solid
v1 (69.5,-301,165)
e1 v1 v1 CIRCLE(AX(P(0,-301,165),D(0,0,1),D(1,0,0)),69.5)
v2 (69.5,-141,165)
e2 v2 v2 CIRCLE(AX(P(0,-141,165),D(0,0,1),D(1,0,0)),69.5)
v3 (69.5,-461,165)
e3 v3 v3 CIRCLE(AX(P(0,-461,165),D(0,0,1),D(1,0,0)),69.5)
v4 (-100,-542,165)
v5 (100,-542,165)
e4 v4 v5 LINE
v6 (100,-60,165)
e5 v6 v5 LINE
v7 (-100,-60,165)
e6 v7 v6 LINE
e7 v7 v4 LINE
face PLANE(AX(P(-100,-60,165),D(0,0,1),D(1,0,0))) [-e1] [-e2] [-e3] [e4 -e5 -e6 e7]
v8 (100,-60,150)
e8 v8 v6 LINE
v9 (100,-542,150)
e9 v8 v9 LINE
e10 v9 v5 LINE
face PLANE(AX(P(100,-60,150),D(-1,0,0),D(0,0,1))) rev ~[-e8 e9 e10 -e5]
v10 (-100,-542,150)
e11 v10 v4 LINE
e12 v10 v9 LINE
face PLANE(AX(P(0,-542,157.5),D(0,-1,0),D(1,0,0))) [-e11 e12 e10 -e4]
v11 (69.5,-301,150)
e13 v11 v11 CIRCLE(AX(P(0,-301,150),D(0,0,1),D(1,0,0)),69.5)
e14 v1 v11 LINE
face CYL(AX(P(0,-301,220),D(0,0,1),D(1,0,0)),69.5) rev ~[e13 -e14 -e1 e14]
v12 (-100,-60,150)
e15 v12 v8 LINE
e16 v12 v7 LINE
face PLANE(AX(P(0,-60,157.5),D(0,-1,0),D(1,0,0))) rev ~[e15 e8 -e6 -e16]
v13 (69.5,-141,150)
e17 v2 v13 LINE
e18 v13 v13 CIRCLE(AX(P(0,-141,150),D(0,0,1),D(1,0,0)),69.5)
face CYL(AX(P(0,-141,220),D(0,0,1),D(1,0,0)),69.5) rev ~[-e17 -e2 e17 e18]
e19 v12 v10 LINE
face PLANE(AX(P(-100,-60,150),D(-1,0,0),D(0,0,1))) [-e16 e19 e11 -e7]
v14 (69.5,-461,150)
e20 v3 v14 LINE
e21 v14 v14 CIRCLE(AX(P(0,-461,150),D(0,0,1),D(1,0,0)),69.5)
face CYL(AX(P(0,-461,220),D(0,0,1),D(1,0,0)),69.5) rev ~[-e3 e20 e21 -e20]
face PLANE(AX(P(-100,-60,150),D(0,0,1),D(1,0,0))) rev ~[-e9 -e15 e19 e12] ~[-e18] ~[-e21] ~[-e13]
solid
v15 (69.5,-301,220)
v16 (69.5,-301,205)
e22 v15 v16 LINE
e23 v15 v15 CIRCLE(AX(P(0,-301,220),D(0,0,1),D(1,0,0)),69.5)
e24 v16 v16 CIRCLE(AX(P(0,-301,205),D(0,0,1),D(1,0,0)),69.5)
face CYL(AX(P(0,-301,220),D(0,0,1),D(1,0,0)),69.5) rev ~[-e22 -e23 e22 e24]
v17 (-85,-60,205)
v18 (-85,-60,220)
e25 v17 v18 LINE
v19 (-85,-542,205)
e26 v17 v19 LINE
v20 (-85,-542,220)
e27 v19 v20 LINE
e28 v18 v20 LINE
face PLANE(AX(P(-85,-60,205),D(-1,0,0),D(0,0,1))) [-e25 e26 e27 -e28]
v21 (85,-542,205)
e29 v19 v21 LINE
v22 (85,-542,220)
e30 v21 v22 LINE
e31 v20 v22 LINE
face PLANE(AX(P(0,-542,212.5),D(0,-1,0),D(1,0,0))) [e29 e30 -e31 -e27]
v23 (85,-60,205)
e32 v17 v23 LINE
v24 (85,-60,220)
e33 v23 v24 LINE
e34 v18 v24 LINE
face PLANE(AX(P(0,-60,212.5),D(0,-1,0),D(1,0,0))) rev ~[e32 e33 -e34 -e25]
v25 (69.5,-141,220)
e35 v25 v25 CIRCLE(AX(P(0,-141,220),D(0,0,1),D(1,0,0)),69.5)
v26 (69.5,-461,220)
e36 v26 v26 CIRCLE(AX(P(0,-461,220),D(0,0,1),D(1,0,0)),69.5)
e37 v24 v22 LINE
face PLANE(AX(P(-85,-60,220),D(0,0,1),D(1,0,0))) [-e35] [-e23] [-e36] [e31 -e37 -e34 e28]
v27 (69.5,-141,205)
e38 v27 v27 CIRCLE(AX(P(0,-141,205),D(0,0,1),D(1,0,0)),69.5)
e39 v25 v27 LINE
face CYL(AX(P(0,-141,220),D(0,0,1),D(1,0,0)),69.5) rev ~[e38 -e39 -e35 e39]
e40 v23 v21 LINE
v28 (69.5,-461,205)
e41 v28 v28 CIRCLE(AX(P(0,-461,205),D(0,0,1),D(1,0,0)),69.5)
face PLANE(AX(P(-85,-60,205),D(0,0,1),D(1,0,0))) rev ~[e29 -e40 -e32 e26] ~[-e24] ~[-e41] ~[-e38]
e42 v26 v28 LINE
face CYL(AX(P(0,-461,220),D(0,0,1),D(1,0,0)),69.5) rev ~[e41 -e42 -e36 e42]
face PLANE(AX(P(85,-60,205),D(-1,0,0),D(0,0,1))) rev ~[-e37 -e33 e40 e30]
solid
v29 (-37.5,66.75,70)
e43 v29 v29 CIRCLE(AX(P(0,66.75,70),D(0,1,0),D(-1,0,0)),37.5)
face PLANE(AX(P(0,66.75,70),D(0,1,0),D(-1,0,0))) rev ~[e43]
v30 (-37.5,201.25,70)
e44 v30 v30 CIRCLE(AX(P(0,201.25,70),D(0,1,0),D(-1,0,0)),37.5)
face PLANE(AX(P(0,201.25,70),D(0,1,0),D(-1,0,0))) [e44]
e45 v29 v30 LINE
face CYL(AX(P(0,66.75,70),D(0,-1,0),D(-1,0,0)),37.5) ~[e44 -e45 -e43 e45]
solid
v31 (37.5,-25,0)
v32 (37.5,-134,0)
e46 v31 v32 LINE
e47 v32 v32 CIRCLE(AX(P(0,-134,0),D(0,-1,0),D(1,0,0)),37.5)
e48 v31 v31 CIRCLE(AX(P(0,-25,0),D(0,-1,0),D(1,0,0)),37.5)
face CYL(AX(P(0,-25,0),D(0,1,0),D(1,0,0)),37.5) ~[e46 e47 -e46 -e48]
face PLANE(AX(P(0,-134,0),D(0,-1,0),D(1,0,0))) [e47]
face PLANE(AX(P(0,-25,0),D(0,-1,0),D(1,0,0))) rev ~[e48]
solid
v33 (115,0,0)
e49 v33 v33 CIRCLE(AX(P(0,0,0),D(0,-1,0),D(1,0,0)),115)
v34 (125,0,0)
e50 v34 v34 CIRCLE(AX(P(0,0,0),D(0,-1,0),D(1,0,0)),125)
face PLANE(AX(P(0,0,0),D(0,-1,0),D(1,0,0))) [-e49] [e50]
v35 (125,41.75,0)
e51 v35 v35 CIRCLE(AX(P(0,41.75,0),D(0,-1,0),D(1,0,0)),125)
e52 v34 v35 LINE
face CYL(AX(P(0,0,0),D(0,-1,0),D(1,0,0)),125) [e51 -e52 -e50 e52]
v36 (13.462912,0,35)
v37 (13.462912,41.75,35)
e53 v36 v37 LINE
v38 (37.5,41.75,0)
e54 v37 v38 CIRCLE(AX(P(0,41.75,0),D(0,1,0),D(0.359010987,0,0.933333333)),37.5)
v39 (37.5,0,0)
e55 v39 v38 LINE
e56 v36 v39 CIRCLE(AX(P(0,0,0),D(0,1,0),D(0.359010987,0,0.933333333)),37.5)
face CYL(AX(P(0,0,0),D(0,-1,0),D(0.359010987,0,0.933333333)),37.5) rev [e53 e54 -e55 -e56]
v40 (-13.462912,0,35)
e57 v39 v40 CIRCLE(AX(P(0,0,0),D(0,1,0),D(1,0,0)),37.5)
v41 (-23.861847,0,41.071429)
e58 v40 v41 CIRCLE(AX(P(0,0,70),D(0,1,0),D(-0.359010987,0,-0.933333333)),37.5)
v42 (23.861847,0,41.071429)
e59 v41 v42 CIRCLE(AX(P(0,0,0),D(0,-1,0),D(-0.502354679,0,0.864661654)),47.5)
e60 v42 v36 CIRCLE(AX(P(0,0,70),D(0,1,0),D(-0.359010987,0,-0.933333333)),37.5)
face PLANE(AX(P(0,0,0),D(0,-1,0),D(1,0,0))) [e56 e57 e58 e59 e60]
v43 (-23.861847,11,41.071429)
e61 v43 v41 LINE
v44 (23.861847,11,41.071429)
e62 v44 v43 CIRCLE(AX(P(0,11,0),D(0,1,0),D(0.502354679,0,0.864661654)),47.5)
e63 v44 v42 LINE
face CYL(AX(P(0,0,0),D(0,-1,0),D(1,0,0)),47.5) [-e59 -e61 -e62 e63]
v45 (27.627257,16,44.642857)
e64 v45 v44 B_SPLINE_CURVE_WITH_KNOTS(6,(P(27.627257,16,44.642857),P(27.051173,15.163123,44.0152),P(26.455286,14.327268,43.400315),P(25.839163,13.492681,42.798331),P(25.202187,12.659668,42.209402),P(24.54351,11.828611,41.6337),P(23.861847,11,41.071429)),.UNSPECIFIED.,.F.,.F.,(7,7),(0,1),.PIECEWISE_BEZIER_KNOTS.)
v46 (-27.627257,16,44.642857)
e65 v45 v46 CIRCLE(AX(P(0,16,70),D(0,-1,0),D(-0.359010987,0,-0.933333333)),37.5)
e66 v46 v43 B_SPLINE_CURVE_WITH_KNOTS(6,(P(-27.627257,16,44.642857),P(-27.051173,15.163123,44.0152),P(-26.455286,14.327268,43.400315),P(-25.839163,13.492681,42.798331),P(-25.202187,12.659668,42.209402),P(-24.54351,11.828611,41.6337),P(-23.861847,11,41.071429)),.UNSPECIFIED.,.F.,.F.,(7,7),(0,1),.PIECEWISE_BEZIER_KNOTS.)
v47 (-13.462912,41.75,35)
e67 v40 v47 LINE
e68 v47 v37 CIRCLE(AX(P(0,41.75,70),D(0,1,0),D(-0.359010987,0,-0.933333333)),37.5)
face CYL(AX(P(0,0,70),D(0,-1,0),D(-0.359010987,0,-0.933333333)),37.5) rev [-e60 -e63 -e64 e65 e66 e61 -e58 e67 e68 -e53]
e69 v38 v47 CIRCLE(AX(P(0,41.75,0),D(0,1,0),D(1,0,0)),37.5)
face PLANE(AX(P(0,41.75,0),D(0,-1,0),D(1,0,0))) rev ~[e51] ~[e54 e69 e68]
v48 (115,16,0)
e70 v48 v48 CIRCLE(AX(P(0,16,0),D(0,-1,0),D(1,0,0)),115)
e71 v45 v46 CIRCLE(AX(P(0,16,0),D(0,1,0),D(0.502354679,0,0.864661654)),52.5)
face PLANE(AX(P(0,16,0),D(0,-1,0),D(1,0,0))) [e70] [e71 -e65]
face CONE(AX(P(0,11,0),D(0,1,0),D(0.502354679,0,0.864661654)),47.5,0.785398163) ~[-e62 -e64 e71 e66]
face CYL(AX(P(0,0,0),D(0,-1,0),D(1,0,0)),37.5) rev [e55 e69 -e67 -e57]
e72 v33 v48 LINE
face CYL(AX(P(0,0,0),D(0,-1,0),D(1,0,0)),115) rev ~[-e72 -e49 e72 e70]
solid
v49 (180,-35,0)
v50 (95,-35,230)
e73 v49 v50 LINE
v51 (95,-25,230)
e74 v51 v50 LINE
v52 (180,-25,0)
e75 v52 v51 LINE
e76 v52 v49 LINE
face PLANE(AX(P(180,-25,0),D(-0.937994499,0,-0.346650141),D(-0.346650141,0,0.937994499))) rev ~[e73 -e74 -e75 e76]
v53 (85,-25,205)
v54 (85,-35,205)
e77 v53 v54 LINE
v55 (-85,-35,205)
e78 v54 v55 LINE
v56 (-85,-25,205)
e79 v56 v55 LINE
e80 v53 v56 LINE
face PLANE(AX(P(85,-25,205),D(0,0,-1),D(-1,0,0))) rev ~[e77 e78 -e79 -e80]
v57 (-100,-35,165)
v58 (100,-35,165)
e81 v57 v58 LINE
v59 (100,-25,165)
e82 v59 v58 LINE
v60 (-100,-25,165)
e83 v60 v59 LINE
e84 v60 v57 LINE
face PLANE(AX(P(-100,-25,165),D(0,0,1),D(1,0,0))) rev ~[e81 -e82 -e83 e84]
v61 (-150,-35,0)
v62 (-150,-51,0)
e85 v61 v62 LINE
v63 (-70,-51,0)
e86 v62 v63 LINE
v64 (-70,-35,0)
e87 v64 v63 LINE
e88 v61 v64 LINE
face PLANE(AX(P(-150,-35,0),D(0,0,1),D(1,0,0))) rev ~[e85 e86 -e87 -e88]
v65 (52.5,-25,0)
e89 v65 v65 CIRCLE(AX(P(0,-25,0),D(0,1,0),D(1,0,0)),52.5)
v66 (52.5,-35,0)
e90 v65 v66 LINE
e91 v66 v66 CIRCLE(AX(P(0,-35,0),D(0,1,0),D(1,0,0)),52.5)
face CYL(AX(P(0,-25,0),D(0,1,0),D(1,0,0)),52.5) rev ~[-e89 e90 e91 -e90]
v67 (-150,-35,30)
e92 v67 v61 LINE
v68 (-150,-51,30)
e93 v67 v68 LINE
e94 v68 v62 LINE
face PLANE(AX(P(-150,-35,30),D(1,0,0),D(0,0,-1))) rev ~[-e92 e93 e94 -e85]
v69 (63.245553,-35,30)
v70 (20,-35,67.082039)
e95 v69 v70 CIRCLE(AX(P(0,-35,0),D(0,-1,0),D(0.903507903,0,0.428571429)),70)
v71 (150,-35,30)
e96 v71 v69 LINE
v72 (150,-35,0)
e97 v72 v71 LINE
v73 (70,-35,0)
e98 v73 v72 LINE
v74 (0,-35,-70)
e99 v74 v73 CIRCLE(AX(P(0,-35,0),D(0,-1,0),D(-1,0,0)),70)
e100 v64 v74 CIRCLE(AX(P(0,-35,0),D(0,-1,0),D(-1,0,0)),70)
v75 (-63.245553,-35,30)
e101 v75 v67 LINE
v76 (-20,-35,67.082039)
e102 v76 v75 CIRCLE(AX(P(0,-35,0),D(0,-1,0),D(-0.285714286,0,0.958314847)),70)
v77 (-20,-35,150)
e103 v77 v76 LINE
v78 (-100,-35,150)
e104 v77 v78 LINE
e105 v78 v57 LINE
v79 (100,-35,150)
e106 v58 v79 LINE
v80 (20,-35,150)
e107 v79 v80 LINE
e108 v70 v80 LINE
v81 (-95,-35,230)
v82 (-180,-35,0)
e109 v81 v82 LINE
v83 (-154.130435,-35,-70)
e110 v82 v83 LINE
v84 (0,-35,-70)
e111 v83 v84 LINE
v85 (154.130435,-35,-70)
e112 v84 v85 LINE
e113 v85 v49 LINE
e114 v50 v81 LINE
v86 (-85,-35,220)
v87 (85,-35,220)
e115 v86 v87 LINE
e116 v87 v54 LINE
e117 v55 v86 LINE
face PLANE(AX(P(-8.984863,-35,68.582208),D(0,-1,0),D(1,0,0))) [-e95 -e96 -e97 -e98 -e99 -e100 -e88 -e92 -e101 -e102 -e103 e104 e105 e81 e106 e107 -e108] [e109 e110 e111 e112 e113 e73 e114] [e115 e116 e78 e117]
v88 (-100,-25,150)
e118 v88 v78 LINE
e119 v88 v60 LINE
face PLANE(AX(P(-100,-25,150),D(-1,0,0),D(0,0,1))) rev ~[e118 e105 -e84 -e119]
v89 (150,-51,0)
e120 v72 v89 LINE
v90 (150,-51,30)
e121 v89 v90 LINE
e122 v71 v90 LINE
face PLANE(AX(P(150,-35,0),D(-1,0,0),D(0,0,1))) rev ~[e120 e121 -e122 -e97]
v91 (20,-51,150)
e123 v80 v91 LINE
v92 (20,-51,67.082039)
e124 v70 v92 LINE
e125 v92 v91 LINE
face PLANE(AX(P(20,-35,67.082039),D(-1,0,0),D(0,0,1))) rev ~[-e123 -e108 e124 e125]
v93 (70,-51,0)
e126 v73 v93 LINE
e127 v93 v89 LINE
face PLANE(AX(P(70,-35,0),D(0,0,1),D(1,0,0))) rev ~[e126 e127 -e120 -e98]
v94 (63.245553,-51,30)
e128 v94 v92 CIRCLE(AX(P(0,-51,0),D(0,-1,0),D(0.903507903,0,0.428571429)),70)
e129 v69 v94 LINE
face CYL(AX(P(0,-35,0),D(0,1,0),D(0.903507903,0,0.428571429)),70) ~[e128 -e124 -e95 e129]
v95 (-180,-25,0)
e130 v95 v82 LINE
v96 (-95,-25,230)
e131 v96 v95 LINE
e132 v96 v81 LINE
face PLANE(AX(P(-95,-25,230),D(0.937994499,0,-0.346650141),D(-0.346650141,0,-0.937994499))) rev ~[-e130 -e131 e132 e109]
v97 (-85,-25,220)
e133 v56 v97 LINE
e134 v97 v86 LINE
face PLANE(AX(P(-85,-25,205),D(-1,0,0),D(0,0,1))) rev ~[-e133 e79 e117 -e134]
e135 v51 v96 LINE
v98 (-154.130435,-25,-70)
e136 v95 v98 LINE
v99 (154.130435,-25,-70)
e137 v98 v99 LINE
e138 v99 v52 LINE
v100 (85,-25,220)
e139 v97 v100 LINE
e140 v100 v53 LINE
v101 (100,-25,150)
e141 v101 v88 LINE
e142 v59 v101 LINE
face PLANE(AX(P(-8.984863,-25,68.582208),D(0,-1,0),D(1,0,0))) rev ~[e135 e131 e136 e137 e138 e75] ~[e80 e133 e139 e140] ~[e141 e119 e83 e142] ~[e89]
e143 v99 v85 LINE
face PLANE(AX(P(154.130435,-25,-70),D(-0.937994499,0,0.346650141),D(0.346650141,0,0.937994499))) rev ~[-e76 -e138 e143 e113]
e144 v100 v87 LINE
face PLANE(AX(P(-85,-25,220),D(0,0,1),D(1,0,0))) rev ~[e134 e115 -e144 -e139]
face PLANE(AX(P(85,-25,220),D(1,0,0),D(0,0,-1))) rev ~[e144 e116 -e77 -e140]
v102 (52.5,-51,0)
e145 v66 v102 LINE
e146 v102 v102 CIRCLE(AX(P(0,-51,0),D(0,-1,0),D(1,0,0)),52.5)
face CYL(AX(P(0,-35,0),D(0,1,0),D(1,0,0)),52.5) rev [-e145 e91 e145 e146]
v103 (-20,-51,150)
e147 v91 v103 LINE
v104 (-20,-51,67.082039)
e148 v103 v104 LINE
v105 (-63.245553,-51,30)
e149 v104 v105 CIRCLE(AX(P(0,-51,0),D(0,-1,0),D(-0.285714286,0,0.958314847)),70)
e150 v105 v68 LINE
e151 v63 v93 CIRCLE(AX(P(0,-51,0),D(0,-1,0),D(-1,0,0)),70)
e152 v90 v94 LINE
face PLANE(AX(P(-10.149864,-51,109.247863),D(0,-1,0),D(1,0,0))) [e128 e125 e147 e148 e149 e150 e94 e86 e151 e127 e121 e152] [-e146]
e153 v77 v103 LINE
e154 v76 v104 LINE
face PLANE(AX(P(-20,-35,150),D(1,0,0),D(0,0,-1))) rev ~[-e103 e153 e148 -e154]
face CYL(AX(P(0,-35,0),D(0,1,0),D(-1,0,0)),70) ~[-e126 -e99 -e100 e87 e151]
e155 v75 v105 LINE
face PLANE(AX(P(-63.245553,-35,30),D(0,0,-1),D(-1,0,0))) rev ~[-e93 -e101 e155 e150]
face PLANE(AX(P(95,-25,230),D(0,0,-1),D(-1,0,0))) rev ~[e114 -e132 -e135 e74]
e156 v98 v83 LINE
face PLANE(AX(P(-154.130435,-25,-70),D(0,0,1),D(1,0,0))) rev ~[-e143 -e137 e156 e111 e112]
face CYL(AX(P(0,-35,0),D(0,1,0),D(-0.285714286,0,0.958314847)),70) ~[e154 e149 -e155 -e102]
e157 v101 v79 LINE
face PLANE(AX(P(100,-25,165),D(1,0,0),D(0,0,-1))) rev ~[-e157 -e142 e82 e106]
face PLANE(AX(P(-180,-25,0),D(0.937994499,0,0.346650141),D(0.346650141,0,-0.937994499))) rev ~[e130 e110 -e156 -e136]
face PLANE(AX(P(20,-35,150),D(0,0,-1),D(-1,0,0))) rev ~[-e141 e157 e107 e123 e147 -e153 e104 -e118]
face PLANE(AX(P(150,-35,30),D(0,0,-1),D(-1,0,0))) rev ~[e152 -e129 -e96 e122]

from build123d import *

# Parameters (mm, degrees)
F0_R      = 125
F1_DEPTH  = 41.75
F3_R      = 37.5
F4_DEPTH  = 109
F6_R      = 37.5
F7_DEPTH  = 134.5
F9_DEPTH  = 10
F10_R     = 52.5
F11_DEPTH = 16
F13_W     = 170
F13_H     = 15
F14_DEPTH = 482
F13_W_2   = 200
F15_R     = 69.5
F16_DEPTH = 100
F17_R     = 115
F17_R_2   = 47.5
F18_DEPTH = 16
F19_SIZE  = 5


with BuildPart() as f1:
    # F0 (on Front) → F1 (new body)
    with BuildSketch(Plane.XZ):
        Circle(F0_R)
        with BuildLine():
            ThreePointArc((36.1296990006, 59.9553571429), (60.9470217896, 34.4305174951), (70, 0))
            ThreePointArc((70, 0), (-34.4305174951, -60.9470217896), (-36.1296990006, 59.9553571429))
            ThreePointArc((-36.1296990006, 59.9553571429), (-5.0688404728, 107.1558455194), (37.5, 70))
            ThreePointArc((37.5, 70), (37.1558455194, 64.9311595272), (36.1296990006, 59.9553571429))
        make_face(mode=Mode.SUBTRACT)
        with BuildLine():
            ThreePointArc((-36.1296990006, 59.9553571429), (-34.4305174951, -60.9470217896), (70, 0))
            ThreePointArc((70, 0), (60.9470217896, 34.4305174951), (36.1296990006, 59.9553571429))
            ThreePointArc((36.1296990006, 59.9553571429), (27.7587685144, 44.7868928816), (13.4629120178, 35))
            ThreePointArc((13.4629120178, 35), (30.912046201, 21.2295878355), (37.5, 0))
            ThreePointArc((37.5, 0), (-21.2295878355, -30.912046201), (-13.4629120178, 35))
            ThreePointArc((-13.4629120178, 35), (-27.7587685144, 44.7868928816), (-36.1296990006, 59.9553571429))
        make_face()
    extrude(amount=-F1_DEPTH)

    # F17 (on face) → F18 (cut)
    with BuildSketch(Plane.XZ):
        Circle(F17_R)
        with BuildLine():
            ThreePointArc((37.5, 70), (37.1558455194, 64.9311595272), (36.1296990006, 59.9553571429))
            ThreePointArc((36.1296990006, 59.9553571429), (60.9470217896, 34.4305174951), (70, 0))
            ThreePointArc((70, 0), (-34.4305174951, -60.9470217896), (-36.1296990006, 59.9553571429))
            ThreePointArc((-36.1296990006, 59.9553571429), (-5.0688404728, 107.1558455194), (37.5, 70))
        make_face(mode=Mode.SUBTRACT)
        with BuildLine():
            ThreePointArc((70, 0), (60.9470217896, 34.4305174951), (36.1296990006, 59.9553571429))
            ThreePointArc((36.1296990006, 59.9553571429), (37.1558455194, 64.9311595272), (37.5, 70))
            ThreePointArc((37.5, 70), (-5.0688404728, 107.1558455194), (-36.1296990006, 59.9553571429))
            ThreePointArc((-36.1296990006, 59.9553571429), (-34.4305174951, -60.9470217896), (70, 0))
        make_face()
        Circle(F17_R_2, mode=Mode.SUBTRACT)
    extrude(amount=-F18_DEPTH, mode=Mode.SUBTRACT)

    # F19
    f19_edges = [f1.edges().sort_by_distance(p)[0] for p in [
        (0, 16, -47.5),
    ]]
    chamfer(f19_edges, length=F19_SIZE)


with BuildPart() as f4:
    # F3 (on offset) → F4 (new body)
    with BuildSketch(Plane.XZ.offset(25)):
        Circle(F3_R)
    extrude(amount=F4_DEPTH)


with BuildPart() as f7:
    # F6 (on offset) → F7 (new body)
    with BuildSketch(Plane(origin=(0, 66.75, 0), x_dir=(-1, 0, 0), z_dir=(0, 1, 0))):
        with Locations((0, 70)):
            Circle(F6_R)
    extrude(amount=F7_DEPTH)


with BuildPart() as f9:
    # F8 (on offset) → F9 (new body)
    with BuildSketch(Plane.XZ.offset(25)):
        with BuildLine():
            ThreePointArc((0, -52.5), (-37.1231060123, 37.1231060123), (52.5, 0))
            Line((52.5, 0), (180, 0))
            Line((180, 0), (95, 230))
            Line((95, 230), (0, 230))
            Line((0, 230), (-95, 230))
            Line((-95, 230), (-180, 0))
            Line((-180, 0), (-154.1304347826, -70))
            Line((-154.1304347826, -70), (0, -70))
            Line((0, -70), (0, -52.5))
        make_face()
        Polygon((-100, 165), (0, 165), (100, 165), (100, 150), (0, 150), (-100, 150), align=None, mode=Mode.SUBTRACT)
        Polygon((-85, 220), (0, 220), (85, 220), (85, 205), (0, 205), (-85, 205), align=None, mode=Mode.SUBTRACT)
        with BuildLine():
            Line((180, 0), (52.5, 0))
            ThreePointArc((52.5, 0), (37.1231060123, -37.1231060123), (0, -52.5))
            Line((0, -52.5), (0, -70))
            Line((0, -70), (154.1304347826, -70))
            Line((154.1304347826, -70), (180, 0))
        make_face()
    extrude(amount=F9_DEPTH)

    # F10 (on face) → F11 (join)
    with BuildSketch(Plane.XZ.offset(35)):
        with BuildLine():
            ThreePointArc((-20, 67.082039325), (-10.1058707505, 69.2666685815), (0, 70))
            Line((0, 70), (0, 150))
            Line((0, 150), (-20, 150))
            Line((-20, 150), (-20, 67.082039325))
        make_face()
        with BuildLine():
            ThreePointArc((0, 70), (10.1058707505, 69.2666685815), (20, 67.082039325))
            Line((20, 67.082039325), (20, 150))
            Line((20, 150), (0, 150))
            Line((0, 150), (0, 70))
        make_face()
        with BuildLine():
            ThreePointArc((1.627e-07, -70), (49.4974747406, -49.4974746255), (70, 0))
            ThreePointArc((70, 0), (68.2905144373, 15.3754882161), (63.2455532034, 30))
            ThreePointArc((63.2455532034, 30), (45.5656113989, 53.1392045277), (20, 67.082039325))
            ThreePointArc((20, 67.082039325), (10.1058707505, 69.2666685815), (0, 70))
            ThreePointArc((0, 70), (-10.1058707505, 69.2666685815), (-20, 67.082039325))
            ThreePointArc((-20, 67.082039325), (-45.5656113989, 53.1392045277), (-63.2455532034, 30))
            ThreePointArc((-63.2455532034, 30), (-68.2905144373, 15.3754882161), (-70, 0))
            ThreePointArc((-70, 0), (-49.4974746255, -49.4974747406), (1.627e-07, -70))
        make_face()
        Circle(F10_R, mode=Mode.SUBTRACT)
        with BuildLine():
            ThreePointArc((63.2455532034, 30), (68.2905144373, 15.3754882161), (70, 0))
            Line((70, 0), (150, 0))
            Line((150, 0), (150, 30))
            Line((150, 30), (63.2455532034, 30))
        make_face()
        with BuildLine():
            Line((-150, 0), (-70, 0))
            ThreePointArc((-70, 0), (-68.2905144373, 15.3754882161), (-63.2455532034, 30))
            Line((-63.2455532034, 30), (-150, 30))
            Line((-150, 30), (-150, 0))
        make_face()
    extrude(amount=F11_DEPTH)


with BuildPart() as f14:
    # F13 (on offset) → F14 (new body)
    with BuildSketch(Plane.XZ.offset(60)):
        with Locations((0, 212.5)):
            Rectangle(F13_W, F13_H)
    extrude(amount=F14_DEPTH)


with BuildPart() as f14b:
    # F13 (on offset) → F14, piece 2 (new body)
    with BuildSketch(Plane.XZ.offset(60)):
        with Locations((0, 157.5)):
            Rectangle(F13_W_2, F13_H)
    extrude(amount=F14_DEPTH)


with BuildPart() as f16_tool:
    # F15 (on face) → F16 (new body)
    with BuildSketch(Plane.XY.offset(220)):
        with Locations((0, -461)):
            Circle(F15_R)
        with Locations((0, -301)):
            Circle(F15_R)
        with Locations((0, -141)):
            Circle(F15_R)
    extrude(amount=-F16_DEPTH)


with BuildPart() as f14_1:
    add(f14.part)

    # F16: cut by f16_tool
    add(f16_tool.part, mode=Mode.SUBTRACT)


with BuildPart() as f14b_1:
    add(f14b.part)

    # F16: cut by f16_tool
    add(f16_tool.part, mode=Mode.SUBTRACT)


solid = Compound([f1.part, f4.part, f7.part, f9.part, f14_1.part, f14b_1.part])
